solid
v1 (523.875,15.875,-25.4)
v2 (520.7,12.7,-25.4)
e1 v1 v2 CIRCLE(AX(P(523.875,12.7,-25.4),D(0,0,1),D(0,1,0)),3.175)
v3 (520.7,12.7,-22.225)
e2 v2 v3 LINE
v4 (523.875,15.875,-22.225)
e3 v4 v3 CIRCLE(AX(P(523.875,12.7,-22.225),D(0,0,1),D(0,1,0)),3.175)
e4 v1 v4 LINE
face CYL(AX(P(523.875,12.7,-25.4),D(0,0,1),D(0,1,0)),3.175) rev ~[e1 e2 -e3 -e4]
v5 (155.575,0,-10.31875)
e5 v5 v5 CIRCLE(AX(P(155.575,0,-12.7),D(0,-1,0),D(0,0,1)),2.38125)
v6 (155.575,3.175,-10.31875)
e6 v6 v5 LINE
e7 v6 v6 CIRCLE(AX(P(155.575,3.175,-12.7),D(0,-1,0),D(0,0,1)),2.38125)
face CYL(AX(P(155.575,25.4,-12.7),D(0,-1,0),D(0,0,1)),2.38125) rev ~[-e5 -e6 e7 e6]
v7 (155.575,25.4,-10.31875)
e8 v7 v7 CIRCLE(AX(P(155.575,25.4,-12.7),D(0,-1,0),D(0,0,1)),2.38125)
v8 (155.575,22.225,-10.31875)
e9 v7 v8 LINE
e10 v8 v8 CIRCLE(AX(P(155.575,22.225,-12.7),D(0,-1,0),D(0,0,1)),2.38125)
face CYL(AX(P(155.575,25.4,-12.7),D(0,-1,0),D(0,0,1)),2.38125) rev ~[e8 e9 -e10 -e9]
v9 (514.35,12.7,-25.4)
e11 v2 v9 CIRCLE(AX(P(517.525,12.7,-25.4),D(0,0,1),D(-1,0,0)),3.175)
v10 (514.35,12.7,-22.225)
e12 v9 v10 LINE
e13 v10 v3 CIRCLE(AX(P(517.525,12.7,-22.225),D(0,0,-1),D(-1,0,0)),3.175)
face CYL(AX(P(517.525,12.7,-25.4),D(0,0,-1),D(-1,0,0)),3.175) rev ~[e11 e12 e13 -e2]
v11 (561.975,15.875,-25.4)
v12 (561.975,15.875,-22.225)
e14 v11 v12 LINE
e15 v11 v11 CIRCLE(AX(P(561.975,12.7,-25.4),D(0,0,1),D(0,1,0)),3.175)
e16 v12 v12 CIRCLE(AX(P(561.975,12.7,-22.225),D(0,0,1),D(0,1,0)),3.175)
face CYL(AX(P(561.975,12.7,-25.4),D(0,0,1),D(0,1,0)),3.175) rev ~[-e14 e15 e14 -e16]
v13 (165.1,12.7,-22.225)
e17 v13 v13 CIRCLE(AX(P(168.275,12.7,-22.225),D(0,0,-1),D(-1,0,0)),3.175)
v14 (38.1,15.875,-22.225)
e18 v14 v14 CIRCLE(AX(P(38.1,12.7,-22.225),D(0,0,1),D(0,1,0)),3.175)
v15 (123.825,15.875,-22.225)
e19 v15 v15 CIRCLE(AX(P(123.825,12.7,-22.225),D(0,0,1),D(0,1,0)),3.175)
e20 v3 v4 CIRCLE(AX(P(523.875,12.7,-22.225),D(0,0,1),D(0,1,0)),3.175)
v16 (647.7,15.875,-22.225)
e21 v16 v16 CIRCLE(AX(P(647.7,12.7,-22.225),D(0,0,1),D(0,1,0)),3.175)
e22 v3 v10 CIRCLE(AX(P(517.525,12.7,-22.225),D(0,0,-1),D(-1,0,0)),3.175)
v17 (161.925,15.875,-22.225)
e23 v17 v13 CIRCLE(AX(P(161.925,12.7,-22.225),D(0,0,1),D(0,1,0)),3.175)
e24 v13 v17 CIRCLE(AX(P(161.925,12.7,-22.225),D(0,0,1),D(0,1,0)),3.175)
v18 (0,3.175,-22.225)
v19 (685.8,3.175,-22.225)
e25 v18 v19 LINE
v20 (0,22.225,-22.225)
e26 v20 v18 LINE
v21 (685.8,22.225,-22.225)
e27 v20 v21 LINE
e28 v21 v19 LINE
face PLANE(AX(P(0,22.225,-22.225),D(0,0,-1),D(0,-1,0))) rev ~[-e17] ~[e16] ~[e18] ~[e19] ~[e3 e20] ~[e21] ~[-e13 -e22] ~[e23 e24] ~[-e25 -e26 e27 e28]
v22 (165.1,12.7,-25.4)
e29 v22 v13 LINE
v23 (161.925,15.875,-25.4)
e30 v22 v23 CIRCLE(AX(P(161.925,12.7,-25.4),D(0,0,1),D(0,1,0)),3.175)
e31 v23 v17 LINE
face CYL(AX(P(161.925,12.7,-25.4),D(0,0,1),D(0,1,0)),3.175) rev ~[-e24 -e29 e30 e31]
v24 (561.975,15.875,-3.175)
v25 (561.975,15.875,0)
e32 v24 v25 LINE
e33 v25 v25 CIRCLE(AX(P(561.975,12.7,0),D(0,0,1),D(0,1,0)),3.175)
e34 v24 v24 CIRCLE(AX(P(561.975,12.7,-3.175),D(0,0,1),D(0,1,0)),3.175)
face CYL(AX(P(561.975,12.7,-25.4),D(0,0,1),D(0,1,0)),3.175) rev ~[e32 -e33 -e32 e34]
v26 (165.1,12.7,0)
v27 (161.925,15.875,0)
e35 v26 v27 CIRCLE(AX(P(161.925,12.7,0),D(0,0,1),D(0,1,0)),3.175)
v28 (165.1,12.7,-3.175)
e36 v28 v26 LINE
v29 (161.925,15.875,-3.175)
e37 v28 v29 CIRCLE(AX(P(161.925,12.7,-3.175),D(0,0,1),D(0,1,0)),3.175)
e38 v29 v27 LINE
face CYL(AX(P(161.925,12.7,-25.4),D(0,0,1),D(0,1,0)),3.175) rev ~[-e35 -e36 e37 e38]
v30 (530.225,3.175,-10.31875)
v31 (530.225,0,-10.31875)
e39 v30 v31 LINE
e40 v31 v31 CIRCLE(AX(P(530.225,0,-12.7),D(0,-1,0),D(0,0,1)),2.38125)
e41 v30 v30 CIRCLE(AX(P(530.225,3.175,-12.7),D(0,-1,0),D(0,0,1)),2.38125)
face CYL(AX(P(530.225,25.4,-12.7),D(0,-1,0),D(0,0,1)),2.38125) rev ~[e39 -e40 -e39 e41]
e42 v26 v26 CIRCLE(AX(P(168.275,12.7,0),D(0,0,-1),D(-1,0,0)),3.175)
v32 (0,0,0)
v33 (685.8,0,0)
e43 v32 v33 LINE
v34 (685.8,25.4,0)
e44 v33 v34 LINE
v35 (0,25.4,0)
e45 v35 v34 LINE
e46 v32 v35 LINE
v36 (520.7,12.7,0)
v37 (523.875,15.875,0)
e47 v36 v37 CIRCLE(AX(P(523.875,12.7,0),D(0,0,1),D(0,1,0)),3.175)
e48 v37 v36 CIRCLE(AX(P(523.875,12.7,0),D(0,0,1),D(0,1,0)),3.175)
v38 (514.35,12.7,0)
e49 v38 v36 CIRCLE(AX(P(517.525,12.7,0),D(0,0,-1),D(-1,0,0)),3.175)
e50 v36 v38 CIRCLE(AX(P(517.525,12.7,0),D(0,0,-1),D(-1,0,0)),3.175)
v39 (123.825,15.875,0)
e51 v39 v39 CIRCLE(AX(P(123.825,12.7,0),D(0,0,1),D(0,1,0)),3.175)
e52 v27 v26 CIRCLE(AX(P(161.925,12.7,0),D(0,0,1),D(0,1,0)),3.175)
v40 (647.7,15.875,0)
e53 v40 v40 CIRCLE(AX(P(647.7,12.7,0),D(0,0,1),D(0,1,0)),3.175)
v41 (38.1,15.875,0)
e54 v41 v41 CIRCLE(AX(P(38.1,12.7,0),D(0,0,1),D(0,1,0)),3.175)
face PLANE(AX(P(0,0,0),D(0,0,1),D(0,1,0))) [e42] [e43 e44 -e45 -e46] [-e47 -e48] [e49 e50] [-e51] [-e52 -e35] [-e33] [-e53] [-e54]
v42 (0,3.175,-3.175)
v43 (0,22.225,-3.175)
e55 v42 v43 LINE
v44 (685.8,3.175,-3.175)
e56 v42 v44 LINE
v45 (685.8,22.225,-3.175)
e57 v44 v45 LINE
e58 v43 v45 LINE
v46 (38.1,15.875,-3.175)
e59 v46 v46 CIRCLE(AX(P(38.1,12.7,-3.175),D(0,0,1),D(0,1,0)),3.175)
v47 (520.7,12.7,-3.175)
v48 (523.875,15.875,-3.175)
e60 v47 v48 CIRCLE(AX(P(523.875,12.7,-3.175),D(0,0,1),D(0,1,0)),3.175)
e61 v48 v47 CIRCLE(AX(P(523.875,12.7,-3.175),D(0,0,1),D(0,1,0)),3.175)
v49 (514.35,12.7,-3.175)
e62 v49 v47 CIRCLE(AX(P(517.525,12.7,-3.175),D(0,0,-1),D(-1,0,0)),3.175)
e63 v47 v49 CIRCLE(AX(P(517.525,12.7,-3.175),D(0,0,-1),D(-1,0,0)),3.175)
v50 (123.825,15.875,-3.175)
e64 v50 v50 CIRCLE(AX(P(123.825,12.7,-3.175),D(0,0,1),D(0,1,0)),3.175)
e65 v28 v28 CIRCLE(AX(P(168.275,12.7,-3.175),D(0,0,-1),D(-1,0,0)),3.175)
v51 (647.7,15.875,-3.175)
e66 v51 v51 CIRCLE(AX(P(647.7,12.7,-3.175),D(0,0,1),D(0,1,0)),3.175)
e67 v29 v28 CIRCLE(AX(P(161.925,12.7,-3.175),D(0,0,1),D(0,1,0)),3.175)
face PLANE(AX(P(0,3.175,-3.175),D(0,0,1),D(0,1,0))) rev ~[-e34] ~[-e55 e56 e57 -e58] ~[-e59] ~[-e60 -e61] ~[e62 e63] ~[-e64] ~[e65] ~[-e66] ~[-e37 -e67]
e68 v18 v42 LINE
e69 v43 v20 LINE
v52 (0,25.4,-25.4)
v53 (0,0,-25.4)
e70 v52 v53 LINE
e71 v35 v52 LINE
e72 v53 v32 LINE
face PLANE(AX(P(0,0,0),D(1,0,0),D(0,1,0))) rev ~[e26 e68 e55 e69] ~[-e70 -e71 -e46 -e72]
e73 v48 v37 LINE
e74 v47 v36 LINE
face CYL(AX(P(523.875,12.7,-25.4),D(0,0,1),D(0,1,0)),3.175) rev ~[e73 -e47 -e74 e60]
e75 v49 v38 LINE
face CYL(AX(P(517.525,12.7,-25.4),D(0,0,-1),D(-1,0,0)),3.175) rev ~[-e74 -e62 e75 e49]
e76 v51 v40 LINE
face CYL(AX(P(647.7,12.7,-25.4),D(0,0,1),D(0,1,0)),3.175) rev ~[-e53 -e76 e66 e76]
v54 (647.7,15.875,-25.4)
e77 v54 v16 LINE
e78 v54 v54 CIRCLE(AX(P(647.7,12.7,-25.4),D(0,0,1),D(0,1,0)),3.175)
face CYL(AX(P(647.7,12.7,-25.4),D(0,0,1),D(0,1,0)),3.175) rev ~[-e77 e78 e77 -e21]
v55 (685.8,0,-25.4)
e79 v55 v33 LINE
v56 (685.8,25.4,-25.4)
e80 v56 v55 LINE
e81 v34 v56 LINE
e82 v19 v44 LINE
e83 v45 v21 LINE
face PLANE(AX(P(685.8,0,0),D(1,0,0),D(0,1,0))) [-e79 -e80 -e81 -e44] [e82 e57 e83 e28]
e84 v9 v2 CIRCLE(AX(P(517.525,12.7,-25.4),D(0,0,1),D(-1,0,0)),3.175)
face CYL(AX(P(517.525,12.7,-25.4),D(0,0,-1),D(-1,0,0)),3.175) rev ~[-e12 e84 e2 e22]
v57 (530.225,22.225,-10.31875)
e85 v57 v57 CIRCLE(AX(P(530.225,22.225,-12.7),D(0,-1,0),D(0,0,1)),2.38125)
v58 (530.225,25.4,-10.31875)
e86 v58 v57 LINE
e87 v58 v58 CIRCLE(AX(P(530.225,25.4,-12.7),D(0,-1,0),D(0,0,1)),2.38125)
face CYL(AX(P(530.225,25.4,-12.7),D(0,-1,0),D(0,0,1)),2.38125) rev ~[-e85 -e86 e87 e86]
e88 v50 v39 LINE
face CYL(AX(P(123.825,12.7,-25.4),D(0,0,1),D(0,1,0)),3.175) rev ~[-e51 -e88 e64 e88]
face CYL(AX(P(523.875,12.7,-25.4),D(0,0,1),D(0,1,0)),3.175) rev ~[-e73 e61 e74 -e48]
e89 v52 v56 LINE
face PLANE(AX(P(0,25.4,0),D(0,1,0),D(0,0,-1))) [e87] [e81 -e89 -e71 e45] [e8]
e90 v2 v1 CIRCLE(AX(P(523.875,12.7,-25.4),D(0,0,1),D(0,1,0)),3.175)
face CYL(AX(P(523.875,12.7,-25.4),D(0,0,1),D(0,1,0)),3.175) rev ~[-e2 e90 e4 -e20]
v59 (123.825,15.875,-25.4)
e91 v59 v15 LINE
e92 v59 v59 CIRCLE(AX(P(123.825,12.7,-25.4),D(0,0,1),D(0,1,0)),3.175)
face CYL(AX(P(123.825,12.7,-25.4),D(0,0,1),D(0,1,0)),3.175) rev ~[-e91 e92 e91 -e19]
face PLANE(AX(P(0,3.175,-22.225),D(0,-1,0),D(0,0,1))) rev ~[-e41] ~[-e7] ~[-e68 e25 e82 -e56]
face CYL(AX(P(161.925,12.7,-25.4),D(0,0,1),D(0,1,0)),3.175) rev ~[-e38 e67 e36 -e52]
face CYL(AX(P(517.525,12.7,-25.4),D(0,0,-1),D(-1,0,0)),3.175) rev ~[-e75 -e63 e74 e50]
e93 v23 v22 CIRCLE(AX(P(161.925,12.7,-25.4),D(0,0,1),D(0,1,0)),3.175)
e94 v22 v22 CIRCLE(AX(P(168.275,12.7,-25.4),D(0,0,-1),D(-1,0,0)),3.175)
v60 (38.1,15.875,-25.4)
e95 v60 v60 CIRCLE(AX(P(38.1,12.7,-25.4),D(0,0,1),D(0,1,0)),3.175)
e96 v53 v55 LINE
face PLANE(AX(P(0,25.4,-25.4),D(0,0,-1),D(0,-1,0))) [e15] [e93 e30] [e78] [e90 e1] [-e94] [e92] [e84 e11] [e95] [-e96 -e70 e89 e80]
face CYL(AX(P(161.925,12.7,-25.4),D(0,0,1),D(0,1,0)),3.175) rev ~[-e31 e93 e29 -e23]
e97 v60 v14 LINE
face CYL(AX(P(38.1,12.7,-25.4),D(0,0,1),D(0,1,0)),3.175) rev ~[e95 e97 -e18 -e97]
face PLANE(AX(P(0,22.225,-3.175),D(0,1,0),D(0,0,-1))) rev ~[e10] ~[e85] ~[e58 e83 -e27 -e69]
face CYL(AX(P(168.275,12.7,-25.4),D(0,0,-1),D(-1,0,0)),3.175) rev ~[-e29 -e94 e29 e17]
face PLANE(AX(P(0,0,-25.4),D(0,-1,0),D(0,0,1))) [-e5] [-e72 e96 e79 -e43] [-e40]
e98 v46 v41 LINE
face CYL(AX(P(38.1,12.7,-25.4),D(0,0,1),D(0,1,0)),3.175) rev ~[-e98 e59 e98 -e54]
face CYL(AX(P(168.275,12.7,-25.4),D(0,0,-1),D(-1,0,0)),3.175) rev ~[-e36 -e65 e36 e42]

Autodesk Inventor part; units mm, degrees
ref_plane "YZ Plane" through (0, 0, 0) normal (1, 0, 0) x (0, 1, 0)
ref_plane "XZ Plane" through (0, 0, 0) normal (0, 1, 0) x (-1, 0, 0)
ref_plane "XY Plane" through (0, 0, 0) normal (0, 0, 1) x (1, 0, 0)
sketch "Sketch1" plane through (0, 0, 0) normal (1, 0, 0) x (0, 1, 0)
  line L0 (0, 0) -> (25.4, 0)
  line L1 (25.4, 0) -> (25.4, -25.4)
  line L2 (25.4, -25.4) -> (0, -25.4)
  line L3 (0, -25.4) -> (0, 0)
  line L4 (3.175, -3.175) -> (22.225, -3.175)
  line L5 (22.225, -3.175) -> (22.225, -22.225)
  line L6 (22.225, -22.225) -> (3.175, -22.225)
  line L7 (3.175, -22.225) -> (3.175, -3.175)
  dimension "d0" = 25.4
  dimension "d1" = 25.4
  dimension "d2" = 19.05
  dimension "d3" = 19.05
  dimension "d4" = 3.175
  dimension "d5" = 3.175
extrude "Extrusion1" add sketch "Sketch1" along normal blind 685.8
sketch "Sketch3" plane through (0, 0, -25.4) normal (0, 0, -1) x (-1, 0, 0)
  line L0 (0, 25.4) -> (0, 0) projected
  line L1 (-685.8, 0) -> (-685.8, 25.4) projected
  line L2 (0, 0) -> (-685.8, 0) projected
  point P0 (-647.7, 12.7)
  point P1 (-561.975, 12.7)
  point P2 (-523.875, 12.7)
  point P3 (-161.925, 12.7)
  point P4 (-123.825, 12.7)
  point P5 (-38.1, 12.7)
  dimension "d23" = 38.1
  dimension "d24" = 12.7
  dimension "d25" = 12.7
  dimension "d26" = 12.7
  dimension "d27" = 123.825
  dimension "d28" = 161.925
  dimension "d29" = 12.7
  dimension "d30" = 12.7
  dimension "d31" = 12.7
  dimension "d32" = 38.1
  dimension "d33" = 123.825
  dimension "d34" = 161.925
hole "Hole2" at (647.7, 12.7, -25.4) at (561.975, 12.7, -25.4) at (523.875, 12.7, -25.4) at (161.925, 12.7, -25.4) at (123.825, 12.7, -25.4) at (38.1, 12.7, -25.4) direction (0, 0, 1) diameter 6.35 end through all
sketch "Sketch6" plane through (0, 0, -25.4) normal (0, 0, -1) x (-1, 0, 0)
  circle A0 centre (-523.875, 12.7) radius 3.175 projected
  circle A1 centre (-161.925, 12.7) radius 3.175 projected
  line L0 (0, 0) -> (-685.8, 0) projected
  circle A2 centre (-517.525, 12.7) radius 3.175
  circle A3 centre (-168.275, 12.7) radius 3.175
  dimension "d66" = 6.35
  dimension "d67" = 6.35
  dimension "d68" = 12.7
  dimension "d69" = 6.35
  dimension "d70" = 6.35
  dimension "d71" = 12.7
extrude "Extrusion2" cut sketch "Sketch6" against normal blind 25.4 contours A2 | A3
sketch "Sketch7" plane through (0, 25.4, 0) normal (0, 1, 0) x (1, 0, 0)
  line L0 (685.8, 25.4) -> (685.8, 0) projected
  line L1 (0, 25.4) -> (685.8, 25.4) projected
  point P0 (155.575, 12.7)
  point P1 (530.225, 12.7)
  dimension "d74" = 12.7
  dimension "d75" = 12.7
  dimension "d76" = 530.225
  dimension "d77" = 155.575
hole "Hole5" at (155.575, 25.4, -12.7) at (530.225, 25.4, -12.7) direction (0, -1, 0) diameter 4.7625 depth 25.4 tip angle 118
properties part number "1x1 horizontal lower" material "Aluminum 6061"
